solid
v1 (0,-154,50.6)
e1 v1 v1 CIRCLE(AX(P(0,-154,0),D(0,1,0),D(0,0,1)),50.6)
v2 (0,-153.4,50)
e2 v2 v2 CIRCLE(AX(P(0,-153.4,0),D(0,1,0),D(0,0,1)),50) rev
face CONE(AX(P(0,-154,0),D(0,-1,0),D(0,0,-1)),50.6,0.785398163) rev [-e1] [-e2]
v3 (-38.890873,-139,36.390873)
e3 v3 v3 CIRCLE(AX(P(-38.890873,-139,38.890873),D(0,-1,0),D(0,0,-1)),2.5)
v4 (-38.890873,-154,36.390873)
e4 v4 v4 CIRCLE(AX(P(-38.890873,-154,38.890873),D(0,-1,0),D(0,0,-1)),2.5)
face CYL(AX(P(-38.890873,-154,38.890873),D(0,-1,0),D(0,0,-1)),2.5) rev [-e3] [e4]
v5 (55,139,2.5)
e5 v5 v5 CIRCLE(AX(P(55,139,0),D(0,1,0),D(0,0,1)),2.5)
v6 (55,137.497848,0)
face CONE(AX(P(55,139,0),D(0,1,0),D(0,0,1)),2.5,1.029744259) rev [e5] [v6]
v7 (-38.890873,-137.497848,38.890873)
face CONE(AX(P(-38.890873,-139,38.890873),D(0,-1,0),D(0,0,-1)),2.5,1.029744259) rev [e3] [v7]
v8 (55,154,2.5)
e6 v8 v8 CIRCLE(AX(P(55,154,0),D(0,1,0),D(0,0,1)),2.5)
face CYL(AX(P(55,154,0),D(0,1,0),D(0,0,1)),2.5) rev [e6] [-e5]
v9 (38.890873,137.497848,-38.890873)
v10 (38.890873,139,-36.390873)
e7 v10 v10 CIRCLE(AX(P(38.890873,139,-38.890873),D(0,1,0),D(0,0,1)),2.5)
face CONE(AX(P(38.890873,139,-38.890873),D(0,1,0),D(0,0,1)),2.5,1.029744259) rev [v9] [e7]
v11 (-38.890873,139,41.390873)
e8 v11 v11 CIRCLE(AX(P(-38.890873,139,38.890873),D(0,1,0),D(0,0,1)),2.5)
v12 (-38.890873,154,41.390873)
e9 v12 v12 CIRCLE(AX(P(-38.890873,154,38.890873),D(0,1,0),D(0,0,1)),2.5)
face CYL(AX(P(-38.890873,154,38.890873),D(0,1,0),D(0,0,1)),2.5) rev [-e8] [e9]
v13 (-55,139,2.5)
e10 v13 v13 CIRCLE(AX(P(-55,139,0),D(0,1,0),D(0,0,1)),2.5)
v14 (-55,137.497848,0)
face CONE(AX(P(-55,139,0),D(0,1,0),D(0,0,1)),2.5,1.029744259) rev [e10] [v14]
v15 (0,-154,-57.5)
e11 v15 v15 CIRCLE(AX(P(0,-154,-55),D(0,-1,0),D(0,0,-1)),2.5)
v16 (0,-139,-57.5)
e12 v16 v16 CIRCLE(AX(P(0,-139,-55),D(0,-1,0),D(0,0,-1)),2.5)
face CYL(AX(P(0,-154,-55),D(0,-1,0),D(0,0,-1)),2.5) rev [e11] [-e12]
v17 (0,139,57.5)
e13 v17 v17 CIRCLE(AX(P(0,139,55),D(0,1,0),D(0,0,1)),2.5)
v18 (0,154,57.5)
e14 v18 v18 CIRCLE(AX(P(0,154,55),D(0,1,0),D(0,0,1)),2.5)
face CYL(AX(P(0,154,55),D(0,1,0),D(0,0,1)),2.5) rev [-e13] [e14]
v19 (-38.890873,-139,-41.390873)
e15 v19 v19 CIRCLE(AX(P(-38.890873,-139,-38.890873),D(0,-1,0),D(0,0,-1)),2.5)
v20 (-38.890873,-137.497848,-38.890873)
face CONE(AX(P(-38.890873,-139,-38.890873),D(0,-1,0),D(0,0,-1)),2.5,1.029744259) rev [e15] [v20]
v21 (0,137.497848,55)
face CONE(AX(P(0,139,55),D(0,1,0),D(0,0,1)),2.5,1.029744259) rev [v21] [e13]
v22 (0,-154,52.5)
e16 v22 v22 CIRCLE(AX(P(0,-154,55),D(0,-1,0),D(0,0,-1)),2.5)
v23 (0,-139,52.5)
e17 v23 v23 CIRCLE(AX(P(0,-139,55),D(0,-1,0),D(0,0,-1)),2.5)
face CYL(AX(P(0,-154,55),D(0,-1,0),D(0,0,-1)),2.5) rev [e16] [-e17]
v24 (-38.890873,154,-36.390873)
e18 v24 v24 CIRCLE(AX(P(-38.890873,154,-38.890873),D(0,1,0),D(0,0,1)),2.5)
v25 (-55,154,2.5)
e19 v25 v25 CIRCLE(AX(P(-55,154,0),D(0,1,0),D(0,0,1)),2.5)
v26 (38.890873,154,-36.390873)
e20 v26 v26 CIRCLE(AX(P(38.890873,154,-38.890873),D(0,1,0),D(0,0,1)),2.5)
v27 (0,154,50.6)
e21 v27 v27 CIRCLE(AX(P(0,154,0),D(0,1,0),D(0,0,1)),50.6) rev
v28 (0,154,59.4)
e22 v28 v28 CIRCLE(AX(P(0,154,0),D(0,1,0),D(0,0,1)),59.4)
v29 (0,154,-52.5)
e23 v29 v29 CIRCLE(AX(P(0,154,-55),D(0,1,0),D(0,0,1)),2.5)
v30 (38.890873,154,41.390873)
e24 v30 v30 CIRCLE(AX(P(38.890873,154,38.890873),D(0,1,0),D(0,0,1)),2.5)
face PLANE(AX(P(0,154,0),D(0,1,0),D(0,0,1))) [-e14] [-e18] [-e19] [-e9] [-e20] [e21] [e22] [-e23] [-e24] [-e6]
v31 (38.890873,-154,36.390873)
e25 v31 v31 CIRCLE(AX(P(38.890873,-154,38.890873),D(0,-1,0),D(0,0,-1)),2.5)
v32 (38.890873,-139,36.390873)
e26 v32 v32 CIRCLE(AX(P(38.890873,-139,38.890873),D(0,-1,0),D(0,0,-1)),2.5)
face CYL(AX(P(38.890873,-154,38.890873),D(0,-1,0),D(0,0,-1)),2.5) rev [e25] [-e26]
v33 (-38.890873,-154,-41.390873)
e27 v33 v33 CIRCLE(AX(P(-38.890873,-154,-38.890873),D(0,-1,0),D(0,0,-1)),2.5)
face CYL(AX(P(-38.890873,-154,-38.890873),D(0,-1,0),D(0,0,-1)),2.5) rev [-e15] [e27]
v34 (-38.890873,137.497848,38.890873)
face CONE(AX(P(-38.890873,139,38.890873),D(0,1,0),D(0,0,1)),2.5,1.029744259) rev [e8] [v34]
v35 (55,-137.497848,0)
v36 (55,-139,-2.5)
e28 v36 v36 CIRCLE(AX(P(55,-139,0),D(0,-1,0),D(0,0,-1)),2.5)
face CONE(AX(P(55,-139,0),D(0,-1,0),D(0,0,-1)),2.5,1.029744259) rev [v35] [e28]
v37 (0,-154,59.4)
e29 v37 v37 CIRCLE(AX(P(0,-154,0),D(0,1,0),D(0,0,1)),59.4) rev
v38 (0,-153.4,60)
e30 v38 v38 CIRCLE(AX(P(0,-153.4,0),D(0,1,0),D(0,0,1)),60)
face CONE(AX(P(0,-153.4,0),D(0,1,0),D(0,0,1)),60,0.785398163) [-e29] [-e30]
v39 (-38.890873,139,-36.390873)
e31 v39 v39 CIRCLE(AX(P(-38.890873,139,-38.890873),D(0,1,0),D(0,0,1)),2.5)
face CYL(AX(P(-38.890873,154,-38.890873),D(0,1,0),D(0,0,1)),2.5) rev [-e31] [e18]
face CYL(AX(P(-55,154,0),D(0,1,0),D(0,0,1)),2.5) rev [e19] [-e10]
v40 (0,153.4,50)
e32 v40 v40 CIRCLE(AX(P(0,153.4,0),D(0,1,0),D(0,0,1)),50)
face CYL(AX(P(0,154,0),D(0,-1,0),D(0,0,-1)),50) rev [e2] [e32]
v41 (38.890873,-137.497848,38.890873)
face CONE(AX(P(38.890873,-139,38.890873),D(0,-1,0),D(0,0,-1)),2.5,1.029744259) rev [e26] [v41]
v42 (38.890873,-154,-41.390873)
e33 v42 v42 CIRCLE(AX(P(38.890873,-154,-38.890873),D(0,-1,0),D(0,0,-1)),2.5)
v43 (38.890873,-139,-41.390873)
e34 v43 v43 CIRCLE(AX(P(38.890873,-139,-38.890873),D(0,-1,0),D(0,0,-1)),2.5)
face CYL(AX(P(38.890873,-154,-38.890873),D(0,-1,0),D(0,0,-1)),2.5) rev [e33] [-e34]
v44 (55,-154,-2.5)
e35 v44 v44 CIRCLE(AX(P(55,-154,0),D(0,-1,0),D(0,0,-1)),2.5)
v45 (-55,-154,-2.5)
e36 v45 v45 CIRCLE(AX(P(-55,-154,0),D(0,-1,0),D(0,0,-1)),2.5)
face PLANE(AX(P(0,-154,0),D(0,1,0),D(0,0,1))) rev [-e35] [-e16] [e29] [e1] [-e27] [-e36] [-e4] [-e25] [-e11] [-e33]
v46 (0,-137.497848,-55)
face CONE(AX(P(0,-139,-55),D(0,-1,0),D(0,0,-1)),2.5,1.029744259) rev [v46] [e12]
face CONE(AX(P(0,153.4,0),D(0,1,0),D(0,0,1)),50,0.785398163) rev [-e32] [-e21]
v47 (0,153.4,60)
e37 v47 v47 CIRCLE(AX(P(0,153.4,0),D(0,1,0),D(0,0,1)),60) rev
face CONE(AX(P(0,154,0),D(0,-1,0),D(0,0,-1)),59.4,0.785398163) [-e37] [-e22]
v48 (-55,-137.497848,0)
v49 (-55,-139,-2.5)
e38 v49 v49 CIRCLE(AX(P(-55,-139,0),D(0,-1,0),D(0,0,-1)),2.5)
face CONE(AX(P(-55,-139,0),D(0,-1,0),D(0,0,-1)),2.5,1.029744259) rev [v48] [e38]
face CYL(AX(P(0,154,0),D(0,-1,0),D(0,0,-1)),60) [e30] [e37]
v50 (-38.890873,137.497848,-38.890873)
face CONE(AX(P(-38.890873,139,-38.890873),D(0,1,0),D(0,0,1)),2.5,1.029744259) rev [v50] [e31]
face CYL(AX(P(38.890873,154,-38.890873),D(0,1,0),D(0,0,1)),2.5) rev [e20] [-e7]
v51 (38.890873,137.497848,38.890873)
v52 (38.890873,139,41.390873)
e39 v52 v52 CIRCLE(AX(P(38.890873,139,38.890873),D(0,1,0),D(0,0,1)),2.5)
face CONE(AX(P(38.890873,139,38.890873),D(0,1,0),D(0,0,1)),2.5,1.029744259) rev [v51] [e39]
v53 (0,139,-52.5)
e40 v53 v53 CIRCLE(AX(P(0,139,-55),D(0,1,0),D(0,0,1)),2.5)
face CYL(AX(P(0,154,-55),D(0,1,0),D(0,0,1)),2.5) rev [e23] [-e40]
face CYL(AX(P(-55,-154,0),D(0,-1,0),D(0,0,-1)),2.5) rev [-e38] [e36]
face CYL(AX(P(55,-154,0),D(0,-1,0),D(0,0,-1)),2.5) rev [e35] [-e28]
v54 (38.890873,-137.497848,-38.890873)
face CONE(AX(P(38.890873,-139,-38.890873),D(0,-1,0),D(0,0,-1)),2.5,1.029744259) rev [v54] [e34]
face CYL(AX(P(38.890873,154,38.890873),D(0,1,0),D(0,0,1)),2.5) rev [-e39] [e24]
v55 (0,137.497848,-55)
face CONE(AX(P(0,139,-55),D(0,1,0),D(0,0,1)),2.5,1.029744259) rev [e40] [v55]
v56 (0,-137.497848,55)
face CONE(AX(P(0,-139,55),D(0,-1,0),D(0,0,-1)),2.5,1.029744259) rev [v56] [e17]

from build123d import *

# Parameters (mm, degrees)
BOSS_EXTRUDE1_DEPTH              = 154
BOSS_EXTRUDE1_DEPTH_BACK         = 154
SKETCH1_R                        = 60
SKETCH1_R_2                      = 50
TAP_DRILL_FOR_M6_TAP1_AT_2_COUNT = 2
TAP_DRILL_FOR_M6_TAP1_AT_2_PITCH = 42.09517756
TAP_DRILL_FOR_M6_TAP1_AT_3_COUNT = 2
TAP_DRILL_FOR_M6_TAP1_AT_3_PITCH = 77.781745931
TAP_DRILL_FOR_M6_TAP1_AT_4_COUNT = 2
TAP_DRILL_FOR_M6_TAP1_AT_4_PITCH = 101.626748576
TAP_DRILL_FOR_M6_TAP1_AT_5_COUNT = 2
TAP_DRILL_FOR_M6_TAP1_AT_5_PITCH = 110
TAP_DRILL_FOR_M6_TAP1_AT_6_COUNT = 2
TAP_DRILL_FOR_M6_TAP1_AT_6_PITCH = 101.626748576
TAP_DRILL_FOR_M6_TAP1_AT_7_COUNT = 2
TAP_DRILL_FOR_M6_TAP1_AT_7_PITCH = 77.781745931
TAP_DRILL_FOR_M6_TAP1_AT_8_COUNT = 2
TAP_DRILL_FOR_M6_TAP1_AT_8_PITCH = 42.09517756
CHAMFER1_SIZE                    = 0.6


with BuildPart() as part:
    # Sketch1 → Boss-Extrude1 (new, two sides: drawn at the far end of the back side and taken through both)
    with BuildSketch(Plane(origin=(0, 0, 0), x_dir=(1, 0, 0), z_dir=(0, 1, 0)).offset(-BOSS_EXTRUDE1_DEPTH_BACK)):
        with Locations(Location((0, 0, 0), (0, 0, 270))):
            Circle(SKETCH1_R)
        with Locations(Location((0, 0, 0), (0, 0, 270))):
            Circle(SKETCH1_R_2, mode=Mode.SUBTRACT)
    extrude(amount=BOSS_EXTRUDE1_DEPTH + BOSS_EXTRUDE1_DEPTH_BACK)

    # Sketch3 → Tap Drill for M6 Tap1 (revolve, cut)
    with BuildSketch(Plane(origin=(-38.890872965, 154, -38.890872965), x_dir=(0, 0, 1), z_dir=(1, 0, 0))):
        Polygon((0, 0), (0, 16.502151548), (2.5, 15), (2.5, 0), align=None)
    tap_drill_for_m6_tap1 = revolve(axis=Axis((-38.890872965, 160.35, -38.890872965), (0, -1, 0)), mode=Mode.SUBTRACT)

    # Tap Drill for M6 Tap1 at 2: Tap Drill for M6 Tap1 ×2
    with Locations(*[Vector(0.92387953251135, 0, -0.3826834323649371) * (i * TAP_DRILL_FOR_M6_TAP1_AT_2_PITCH) for i in range(1, TAP_DRILL_FOR_M6_TAP1_AT_2_COUNT)]):
        add(tap_drill_for_m6_tap1, mode=Mode.SUBTRACT)

    # Tap Drill for M6 Tap1 at 3: Tap Drill for M6 Tap1 ×2
    with Locations(*[(i * TAP_DRILL_FOR_M6_TAP1_AT_3_PITCH, 0, 0) for i in range(1, TAP_DRILL_FOR_M6_TAP1_AT_3_COUNT)]):
        add(tap_drill_for_m6_tap1, mode=Mode.SUBTRACT)

    # Tap Drill for M6 Tap1 at 4: Tap Drill for M6 Tap1 ×2
    with Locations(*[Vector(0.9238795325112054, 0, 0.3826834323652862) * (i * TAP_DRILL_FOR_M6_TAP1_AT_4_PITCH) for i in range(1, TAP_DRILL_FOR_M6_TAP1_AT_4_COUNT)]):
        add(tap_drill_for_m6_tap1, mode=Mode.SUBTRACT)

    # Tap Drill for M6 Tap1 at 5: Tap Drill for M6 Tap1 ×2
    with Locations(*[Vector(0.7071067811863805, 0, 0.7071067811867146) * (i * TAP_DRILL_FOR_M6_TAP1_AT_5_PITCH) for i in range(1, TAP_DRILL_FOR_M6_TAP1_AT_5_COUNT)]):
        add(tap_drill_for_m6_tap1, mode=Mode.SUBTRACT)

    # Tap Drill for M6 Tap1 at 6: Tap Drill for M6 Tap1 ×2
    with Locations(*[Vector(0.38268343236484964, 0, 0.9238795325113862) * (i * TAP_DRILL_FOR_M6_TAP1_AT_6_PITCH) for i in range(1, TAP_DRILL_FOR_M6_TAP1_AT_6_COUNT)]):
        add(tap_drill_for_m6_tap1, mode=Mode.SUBTRACT)

    # Tap Drill for M6 Tap1 at 7: Tap Drill for M6 Tap1 ×2
    with Locations(*[(0, 0, i * TAP_DRILL_FOR_M6_TAP1_AT_7_PITCH) for i in range(1, TAP_DRILL_FOR_M6_TAP1_AT_7_COUNT)]):
        add(tap_drill_for_m6_tap1, mode=Mode.SUBTRACT)

    # Tap Drill for M6 Tap1 at 8: Tap Drill for M6 Tap1 ×2
    with Locations(*[Vector(-0.38268343236537383, 0, 0.9238795325111692) * (i * TAP_DRILL_FOR_M6_TAP1_AT_8_PITCH) for i in range(1, TAP_DRILL_FOR_M6_TAP1_AT_8_COUNT)]):
        add(tap_drill_for_m6_tap1, mode=Mode.SUBTRACT)

    # Mirror1: Tap Drill for M6 Tap1 across plane
    add(tap_drill_for_m6_tap1.mirror(Plane.ZX), mode=Mode.SUBTRACT)

    # Mirror1 copy 1 sketch → Mirror1 copy 1 (revolve, cut)
    with BuildSketch(Plane(origin=(0, -154, -55), x_dir=(0, 0, 1), z_dir=(1, 0, 0))):
        Polygon((0, 0), (0, -16.502151548), (2.5, -15), (2.5, 0), align=None)
    revolve(axis=Axis((0, -160.35, -55), (0, -1, 0)), mode=Mode.SUBTRACT)

    # Mirror1 copy 2 sketch → Mirror1 copy 2 (revolve, cut)
    with BuildSketch(Plane(origin=(38.890872965, -154, -38.890872965), x_dir=(0, 0, 1), z_dir=(1, 0, 0))):
        Polygon((0, 0), (0, -16.502151548), (2.5, -15), (2.5, 0), align=None)
    revolve(axis=Axis((38.890872965, -160.35, -38.890872965), (0, -1, 0)), mode=Mode.SUBTRACT)

    # Mirror1 copy 3 sketch → Mirror1 copy 3 (revolve, cut)
    with BuildSketch(Plane(origin=(55, -154, 0), x_dir=(0, 0, 1), z_dir=(1, 0, 0))):
        Polygon((0, 0), (0, -16.502151548), (2.5, -15), (2.5, 0), align=None)
    revolve(axis=Axis((55, -160.35, 0), (0, -1, 0)), mode=Mode.SUBTRACT)

    # Mirror1 copy 4 sketch → Mirror1 copy 4 (revolve, cut)
    with BuildSketch(Plane(origin=(38.890872965, -154, 38.890872965), x_dir=(0, 0, 1), z_dir=(1, 0, 0))):
        Polygon((0, 0), (0, -16.502151548), (2.5, -15), (2.5, 0), align=None)
    revolve(axis=Axis((38.890872965, -160.35, 38.890872965), (0, -1, 0)), mode=Mode.SUBTRACT)

    # Mirror1 copy 5 sketch → Mirror1 copy 5 (revolve, cut)
    with BuildSketch(Plane(origin=(0, -154, 55), x_dir=(0, 0, 1), z_dir=(1, 0, 0))):
        Polygon((0, 0), (0, -16.502151548), (2.5, -15), (2.5, 0), align=None)
    revolve(axis=Axis((0, -160.35, 55), (0, -1, 0)), mode=Mode.SUBTRACT)

    # Mirror1 copy 6 sketch → Mirror1 copy 6 (revolve, cut)
    with BuildSketch(Plane(origin=(-38.890872965, -154, 38.890872965), x_dir=(0, 0, 1), z_dir=(1, 0, 0))):
        Polygon((0, 0), (0, -16.502151548), (2.5, -15), (2.5, 0), align=None)
    revolve(axis=Axis((-38.890872965, -160.35, 38.890872965), (0, -1, 0)), mode=Mode.SUBTRACT)

    # Mirror1 copy 7 sketch → Mirror1 copy 7 (revolve, cut)
    with BuildSketch(Plane(origin=(-55, -154, 0), x_dir=(0, 0, 1), z_dir=(1, 0, 0))):
        Polygon((0, 0), (0, -16.502151548), (2.5, -15), (2.5, 0), align=None)
    revolve(axis=Axis((-55, -160.35, 0), (0, -1, 0)), mode=Mode.SUBTRACT)

    # Chamfer1
    chamfer1_edges = [part.edges().sort_by_distance(p)[0] for p in [
        (0, 154, -60),
        (0, 154, -50),
        (0, -154, -60),
        (0, -154, -50),
    ]]
    chamfer(chamfer1_edges, length=CHAMFER1_SIZE)


solid = part.part
